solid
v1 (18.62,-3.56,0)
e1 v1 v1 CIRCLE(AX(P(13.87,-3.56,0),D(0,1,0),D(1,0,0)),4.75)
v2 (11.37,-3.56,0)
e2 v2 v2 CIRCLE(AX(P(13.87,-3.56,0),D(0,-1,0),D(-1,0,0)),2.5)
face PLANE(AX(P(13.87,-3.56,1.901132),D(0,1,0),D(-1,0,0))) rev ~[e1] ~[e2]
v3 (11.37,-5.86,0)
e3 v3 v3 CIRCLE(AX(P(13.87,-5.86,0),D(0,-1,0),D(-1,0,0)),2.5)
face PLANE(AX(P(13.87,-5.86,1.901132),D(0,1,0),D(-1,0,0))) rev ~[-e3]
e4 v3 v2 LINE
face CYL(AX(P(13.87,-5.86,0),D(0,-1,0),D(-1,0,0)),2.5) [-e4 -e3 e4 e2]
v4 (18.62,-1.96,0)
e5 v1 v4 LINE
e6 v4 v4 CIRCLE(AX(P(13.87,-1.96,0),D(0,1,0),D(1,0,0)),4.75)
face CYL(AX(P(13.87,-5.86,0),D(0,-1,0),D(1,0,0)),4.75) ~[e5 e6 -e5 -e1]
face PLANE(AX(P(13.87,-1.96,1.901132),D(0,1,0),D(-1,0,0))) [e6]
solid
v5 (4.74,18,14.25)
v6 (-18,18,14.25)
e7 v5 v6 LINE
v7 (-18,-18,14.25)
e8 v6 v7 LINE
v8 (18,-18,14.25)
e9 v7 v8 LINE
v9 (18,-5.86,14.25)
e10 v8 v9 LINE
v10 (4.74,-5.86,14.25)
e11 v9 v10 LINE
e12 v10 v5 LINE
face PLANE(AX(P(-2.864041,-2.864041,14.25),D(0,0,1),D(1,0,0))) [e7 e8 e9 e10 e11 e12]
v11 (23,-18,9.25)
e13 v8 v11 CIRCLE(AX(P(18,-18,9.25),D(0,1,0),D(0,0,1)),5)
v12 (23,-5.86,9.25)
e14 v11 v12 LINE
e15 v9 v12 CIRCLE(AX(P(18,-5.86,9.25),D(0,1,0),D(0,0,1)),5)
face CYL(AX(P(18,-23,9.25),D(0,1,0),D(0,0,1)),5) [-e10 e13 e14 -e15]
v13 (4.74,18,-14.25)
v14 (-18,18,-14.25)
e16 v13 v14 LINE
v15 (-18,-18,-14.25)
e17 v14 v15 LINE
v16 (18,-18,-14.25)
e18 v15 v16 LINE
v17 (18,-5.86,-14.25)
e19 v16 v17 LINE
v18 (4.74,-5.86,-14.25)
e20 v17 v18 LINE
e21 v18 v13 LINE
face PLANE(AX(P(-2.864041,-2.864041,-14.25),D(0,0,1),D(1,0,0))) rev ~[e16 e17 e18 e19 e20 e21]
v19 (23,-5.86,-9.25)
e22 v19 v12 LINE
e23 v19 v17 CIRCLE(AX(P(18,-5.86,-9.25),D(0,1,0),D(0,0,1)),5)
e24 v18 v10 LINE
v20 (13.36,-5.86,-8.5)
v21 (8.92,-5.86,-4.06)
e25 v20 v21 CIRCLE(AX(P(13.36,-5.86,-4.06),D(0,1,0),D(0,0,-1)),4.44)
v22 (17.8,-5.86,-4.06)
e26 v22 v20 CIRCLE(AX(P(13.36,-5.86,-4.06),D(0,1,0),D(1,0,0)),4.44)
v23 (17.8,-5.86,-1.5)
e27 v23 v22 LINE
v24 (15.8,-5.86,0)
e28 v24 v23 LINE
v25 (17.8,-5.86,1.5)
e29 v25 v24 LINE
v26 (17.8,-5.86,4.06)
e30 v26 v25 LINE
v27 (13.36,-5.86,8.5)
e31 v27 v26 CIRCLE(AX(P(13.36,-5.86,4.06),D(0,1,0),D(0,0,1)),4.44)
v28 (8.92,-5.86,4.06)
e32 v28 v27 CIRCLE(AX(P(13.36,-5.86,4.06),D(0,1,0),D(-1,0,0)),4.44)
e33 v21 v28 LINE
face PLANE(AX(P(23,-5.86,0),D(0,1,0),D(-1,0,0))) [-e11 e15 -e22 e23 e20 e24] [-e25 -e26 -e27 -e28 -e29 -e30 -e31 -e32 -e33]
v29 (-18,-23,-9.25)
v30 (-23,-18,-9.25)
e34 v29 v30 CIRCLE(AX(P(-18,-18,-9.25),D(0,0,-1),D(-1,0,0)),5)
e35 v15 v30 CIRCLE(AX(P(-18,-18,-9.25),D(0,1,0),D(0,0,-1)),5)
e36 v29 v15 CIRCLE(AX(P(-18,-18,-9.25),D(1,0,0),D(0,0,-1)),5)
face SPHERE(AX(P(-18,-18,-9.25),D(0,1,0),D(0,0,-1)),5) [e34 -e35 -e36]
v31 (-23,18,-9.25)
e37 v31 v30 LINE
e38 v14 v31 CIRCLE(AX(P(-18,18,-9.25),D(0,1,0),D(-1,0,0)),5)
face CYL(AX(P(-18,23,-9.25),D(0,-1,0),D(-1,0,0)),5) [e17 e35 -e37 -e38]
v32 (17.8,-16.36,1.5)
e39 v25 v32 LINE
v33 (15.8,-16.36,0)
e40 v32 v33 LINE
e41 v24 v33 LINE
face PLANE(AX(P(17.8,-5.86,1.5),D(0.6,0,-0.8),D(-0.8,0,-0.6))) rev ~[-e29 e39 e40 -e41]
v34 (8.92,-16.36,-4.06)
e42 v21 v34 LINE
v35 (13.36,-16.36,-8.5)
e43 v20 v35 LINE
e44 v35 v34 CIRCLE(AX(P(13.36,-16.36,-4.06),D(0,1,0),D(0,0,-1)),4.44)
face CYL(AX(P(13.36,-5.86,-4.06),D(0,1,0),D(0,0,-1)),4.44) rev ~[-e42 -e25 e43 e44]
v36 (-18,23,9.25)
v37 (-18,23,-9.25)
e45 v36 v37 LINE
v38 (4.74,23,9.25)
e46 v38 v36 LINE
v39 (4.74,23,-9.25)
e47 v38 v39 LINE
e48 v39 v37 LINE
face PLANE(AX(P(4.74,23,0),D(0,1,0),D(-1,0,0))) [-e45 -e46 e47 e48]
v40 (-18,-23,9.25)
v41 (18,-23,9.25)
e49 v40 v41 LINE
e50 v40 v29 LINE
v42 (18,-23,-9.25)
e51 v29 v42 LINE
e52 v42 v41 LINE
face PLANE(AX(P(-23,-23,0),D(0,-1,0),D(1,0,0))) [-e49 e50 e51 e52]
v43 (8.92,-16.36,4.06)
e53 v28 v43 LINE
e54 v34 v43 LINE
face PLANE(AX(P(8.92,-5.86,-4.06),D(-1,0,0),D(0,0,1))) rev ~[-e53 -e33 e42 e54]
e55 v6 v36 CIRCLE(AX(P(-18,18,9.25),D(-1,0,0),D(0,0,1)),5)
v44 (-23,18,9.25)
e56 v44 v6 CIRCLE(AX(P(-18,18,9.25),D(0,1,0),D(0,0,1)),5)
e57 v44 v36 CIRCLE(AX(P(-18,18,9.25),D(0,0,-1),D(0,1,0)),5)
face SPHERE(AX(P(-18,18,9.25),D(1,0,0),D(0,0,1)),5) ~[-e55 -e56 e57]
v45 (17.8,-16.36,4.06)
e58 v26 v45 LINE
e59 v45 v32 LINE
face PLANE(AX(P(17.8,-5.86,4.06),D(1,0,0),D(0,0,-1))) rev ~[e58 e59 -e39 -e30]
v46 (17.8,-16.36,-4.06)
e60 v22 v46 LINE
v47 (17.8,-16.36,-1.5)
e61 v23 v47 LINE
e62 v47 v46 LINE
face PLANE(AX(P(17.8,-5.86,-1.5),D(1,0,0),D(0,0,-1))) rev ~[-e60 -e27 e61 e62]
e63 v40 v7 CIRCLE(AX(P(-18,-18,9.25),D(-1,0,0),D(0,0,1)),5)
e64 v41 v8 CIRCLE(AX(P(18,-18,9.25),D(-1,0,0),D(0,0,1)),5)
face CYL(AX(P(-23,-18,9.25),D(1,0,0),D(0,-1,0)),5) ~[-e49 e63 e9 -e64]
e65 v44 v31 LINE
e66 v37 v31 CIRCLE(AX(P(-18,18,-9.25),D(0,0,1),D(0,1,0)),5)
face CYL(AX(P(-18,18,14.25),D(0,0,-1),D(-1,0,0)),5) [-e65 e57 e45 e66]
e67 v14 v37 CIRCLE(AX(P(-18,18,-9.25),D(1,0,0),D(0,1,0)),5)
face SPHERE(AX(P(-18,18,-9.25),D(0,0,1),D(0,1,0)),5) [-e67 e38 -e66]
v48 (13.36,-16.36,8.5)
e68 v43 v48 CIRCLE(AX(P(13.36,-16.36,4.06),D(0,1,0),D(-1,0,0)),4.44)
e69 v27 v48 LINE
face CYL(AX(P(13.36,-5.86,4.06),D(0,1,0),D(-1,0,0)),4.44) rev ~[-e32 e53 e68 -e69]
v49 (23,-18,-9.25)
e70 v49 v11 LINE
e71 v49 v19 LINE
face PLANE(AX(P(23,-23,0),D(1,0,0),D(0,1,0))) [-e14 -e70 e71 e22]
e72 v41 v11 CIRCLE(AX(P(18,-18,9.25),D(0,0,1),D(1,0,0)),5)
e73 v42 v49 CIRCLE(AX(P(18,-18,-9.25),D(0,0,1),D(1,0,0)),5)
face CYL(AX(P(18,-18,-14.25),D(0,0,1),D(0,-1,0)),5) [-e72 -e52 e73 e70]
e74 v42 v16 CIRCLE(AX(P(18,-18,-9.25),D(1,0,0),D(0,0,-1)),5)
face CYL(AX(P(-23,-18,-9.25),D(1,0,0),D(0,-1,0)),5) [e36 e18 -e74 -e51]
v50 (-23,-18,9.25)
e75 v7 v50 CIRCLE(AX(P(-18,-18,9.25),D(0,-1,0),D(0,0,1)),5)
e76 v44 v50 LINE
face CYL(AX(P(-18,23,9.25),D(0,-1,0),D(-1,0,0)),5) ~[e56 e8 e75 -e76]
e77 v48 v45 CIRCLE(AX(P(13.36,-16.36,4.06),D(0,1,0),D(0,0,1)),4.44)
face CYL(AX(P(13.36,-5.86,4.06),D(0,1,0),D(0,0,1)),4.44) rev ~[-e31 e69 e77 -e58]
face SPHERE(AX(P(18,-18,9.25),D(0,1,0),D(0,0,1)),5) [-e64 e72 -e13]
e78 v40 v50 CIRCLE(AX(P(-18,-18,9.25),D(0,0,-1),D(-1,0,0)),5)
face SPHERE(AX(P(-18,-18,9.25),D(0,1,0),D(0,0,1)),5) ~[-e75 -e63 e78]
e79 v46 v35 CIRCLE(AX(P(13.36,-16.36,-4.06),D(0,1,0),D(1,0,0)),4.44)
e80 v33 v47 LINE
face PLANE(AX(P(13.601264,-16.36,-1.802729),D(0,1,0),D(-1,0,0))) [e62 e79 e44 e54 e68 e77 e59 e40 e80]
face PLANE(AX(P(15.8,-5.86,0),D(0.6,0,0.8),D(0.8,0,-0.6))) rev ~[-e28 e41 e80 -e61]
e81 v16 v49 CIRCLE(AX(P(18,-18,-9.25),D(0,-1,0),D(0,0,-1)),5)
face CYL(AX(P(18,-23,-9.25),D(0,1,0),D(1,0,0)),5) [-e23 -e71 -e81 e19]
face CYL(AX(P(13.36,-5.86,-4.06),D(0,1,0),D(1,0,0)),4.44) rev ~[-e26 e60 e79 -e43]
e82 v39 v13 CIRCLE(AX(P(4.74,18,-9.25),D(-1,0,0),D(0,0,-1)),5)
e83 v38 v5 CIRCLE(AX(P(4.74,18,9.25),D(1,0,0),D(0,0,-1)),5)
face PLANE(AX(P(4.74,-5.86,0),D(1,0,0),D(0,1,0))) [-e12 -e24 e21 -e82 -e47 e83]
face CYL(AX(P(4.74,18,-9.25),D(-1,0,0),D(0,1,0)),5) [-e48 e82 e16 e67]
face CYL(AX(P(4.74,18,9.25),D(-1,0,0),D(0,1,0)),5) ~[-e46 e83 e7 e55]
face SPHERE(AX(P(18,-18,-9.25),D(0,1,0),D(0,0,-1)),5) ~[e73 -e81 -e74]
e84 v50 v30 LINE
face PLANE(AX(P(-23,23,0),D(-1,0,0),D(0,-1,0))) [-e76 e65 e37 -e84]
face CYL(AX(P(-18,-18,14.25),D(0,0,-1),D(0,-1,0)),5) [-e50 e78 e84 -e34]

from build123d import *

# Parameters (mm, degrees)
F1_DEPTH = 14.25
F2_R     = 5
F4_DEPTH = 3.9
F5_DEPTH = 2.3
F8_DEPTH = 10.5


with BuildPart() as f1:
    # F0 (on Top) → F1 (new body, symmetric)
    with BuildSketch(Plane.XY):
        Polygon((-23, -23), (23, -23), (23, -5.86), (4.74, -5.86), (4.74, 23), (-23, 23), align=None)
    extrude(amount=F1_DEPTH, both=True)

    # F2
    f2_edges = [f1.edges().sort_by_distance(p)[0] for p in [
        (23, -14.43, 14.25),
        (23, -14.43, -14.25),
        (-9.13, 23, 14.25),
        (-23, 0, 14.25),
        (-23, 23, 0),
        (-9.13, 23, -14.25),
        (-23, 0, -14.25),
        (0, -23, -14.25),
        (0, -23, 14.25),
        (-23, -23, 0),
        (23, -23, 0),
    ]]
    fillet(f2_edges, radius=F2_R)

    # F7 (on face) → F8 (cut)
    with BuildSketch(Plane(origin=(0, -5.86, 0), x_dir=(-1, 0, 0), z_dir=(0, 1, 0))):
        with BuildLine():
            Line((-8.92, -4.06), (-8.92, 0))
            Line((-8.92, 0), (-9.12, 0))
            ThreePointArc((-9.12, 0), (-12.4744714263, 4.5403744339), (-17.8, 2.6678830559))
            Line((-17.8, 2.6678830559), (-17.8, 1.5))
            Line((-17.8, 1.5), (-15.8, 0))
            Line((-15.8, 0), (-17.8, -1.5))
            Line((-17.8, -1.5), (-17.8, -4.06))
            ThreePointArc((-17.8, -4.06), (-16.4995541085, -7.1995541085), (-13.36, -8.5))
            ThreePointArc((-13.36, -8.5), (-10.2204458915, -7.1995541085), (-8.92, -4.06))
        make_face()
        with BuildLine():
            Line((-8.92, 0), (-8.92, 4.06))
            ThreePointArc((-8.92, 4.06), (-10.2204458915, 7.1995541085), (-13.36, 8.5))
            ThreePointArc((-13.36, 8.5), (-16.4995541085, 7.1995541085), (-17.8, 4.06))
            Line((-17.8, 4.06), (-17.8, 2.6678830559))
            ThreePointArc((-17.8, 2.6678830559), (-12.4744714263, 4.5403744339), (-9.12, 0))
            Line((-9.12, 0), (-8.92, 0))
        make_face()
    extrude(amount=-F8_DEPTH, mode=Mode.SUBTRACT)


with BuildPart() as f4:
    # F3 (on face) → F4 (new body)
    with BuildSketch(Plane(origin=(0, -5.86, 0), x_dir=(-1, 0, 0), z_dir=(0, 1, 0))):
        with BuildLine():
            ThreePointArc((-16.37, 0), (-13.87, 2.5), (-11.37, 0))
            Line((-11.37, 0), (-9.12, 0))
            ThreePointArc((-9.12, 0), (-13.87, 4.75), (-18.62, 0))
            Line((-18.62, 0), (-16.37, 0))
        make_face()
        with BuildLine():
            Line((-16.37, 0), (-11.37, 0))
            ThreePointArc((-11.37, 0), (-13.87, 2.5), (-16.37, 0))
        make_face()
        with BuildLine():
            ThreePointArc((-16.37, 0), (-13.87, -2.5), (-11.37, 0))
            Line((-11.37, 0), (-16.37, 0))
        make_face()
        with BuildLine():
            Line((-9.12, 0), (-11.37, 0))
            ThreePointArc((-11.37, 0), (-13.87, -2.5), (-16.37, 0))
            Line((-16.37, 0), (-18.62, 0))
            ThreePointArc((-18.62, 0), (-13.87, -4.75), (-9.12, 0))
        make_face()
    extrude(amount=F4_DEPTH)

    # F3 (on face) → F5 (cut)
    with BuildSketch(Plane(origin=(0, -5.86, 0), x_dir=(-1, 0, 0), z_dir=(0, 1, 0))):
        with BuildLine():
            ThreePointArc((-16.37, 0), (-13.87, 2.5), (-11.37, 0))
            Line((-11.37, 0), (-9.12, 0))
            ThreePointArc((-9.12, 0), (-13.87, 4.75), (-18.62, 0))
            Line((-18.62, 0), (-16.37, 0))
        make_face()
        with BuildLine():
            Line((-9.12, 0), (-11.37, 0))
            ThreePointArc((-11.37, 0), (-13.87, -2.5), (-16.37, 0))
            Line((-16.37, 0), (-18.62, 0))
            ThreePointArc((-18.62, 0), (-13.87, -4.75), (-9.12, 0))
        make_face()
    extrude(amount=F5_DEPTH, mode=Mode.SUBTRACT)


solid = Compound([f1.part, f4.part])
